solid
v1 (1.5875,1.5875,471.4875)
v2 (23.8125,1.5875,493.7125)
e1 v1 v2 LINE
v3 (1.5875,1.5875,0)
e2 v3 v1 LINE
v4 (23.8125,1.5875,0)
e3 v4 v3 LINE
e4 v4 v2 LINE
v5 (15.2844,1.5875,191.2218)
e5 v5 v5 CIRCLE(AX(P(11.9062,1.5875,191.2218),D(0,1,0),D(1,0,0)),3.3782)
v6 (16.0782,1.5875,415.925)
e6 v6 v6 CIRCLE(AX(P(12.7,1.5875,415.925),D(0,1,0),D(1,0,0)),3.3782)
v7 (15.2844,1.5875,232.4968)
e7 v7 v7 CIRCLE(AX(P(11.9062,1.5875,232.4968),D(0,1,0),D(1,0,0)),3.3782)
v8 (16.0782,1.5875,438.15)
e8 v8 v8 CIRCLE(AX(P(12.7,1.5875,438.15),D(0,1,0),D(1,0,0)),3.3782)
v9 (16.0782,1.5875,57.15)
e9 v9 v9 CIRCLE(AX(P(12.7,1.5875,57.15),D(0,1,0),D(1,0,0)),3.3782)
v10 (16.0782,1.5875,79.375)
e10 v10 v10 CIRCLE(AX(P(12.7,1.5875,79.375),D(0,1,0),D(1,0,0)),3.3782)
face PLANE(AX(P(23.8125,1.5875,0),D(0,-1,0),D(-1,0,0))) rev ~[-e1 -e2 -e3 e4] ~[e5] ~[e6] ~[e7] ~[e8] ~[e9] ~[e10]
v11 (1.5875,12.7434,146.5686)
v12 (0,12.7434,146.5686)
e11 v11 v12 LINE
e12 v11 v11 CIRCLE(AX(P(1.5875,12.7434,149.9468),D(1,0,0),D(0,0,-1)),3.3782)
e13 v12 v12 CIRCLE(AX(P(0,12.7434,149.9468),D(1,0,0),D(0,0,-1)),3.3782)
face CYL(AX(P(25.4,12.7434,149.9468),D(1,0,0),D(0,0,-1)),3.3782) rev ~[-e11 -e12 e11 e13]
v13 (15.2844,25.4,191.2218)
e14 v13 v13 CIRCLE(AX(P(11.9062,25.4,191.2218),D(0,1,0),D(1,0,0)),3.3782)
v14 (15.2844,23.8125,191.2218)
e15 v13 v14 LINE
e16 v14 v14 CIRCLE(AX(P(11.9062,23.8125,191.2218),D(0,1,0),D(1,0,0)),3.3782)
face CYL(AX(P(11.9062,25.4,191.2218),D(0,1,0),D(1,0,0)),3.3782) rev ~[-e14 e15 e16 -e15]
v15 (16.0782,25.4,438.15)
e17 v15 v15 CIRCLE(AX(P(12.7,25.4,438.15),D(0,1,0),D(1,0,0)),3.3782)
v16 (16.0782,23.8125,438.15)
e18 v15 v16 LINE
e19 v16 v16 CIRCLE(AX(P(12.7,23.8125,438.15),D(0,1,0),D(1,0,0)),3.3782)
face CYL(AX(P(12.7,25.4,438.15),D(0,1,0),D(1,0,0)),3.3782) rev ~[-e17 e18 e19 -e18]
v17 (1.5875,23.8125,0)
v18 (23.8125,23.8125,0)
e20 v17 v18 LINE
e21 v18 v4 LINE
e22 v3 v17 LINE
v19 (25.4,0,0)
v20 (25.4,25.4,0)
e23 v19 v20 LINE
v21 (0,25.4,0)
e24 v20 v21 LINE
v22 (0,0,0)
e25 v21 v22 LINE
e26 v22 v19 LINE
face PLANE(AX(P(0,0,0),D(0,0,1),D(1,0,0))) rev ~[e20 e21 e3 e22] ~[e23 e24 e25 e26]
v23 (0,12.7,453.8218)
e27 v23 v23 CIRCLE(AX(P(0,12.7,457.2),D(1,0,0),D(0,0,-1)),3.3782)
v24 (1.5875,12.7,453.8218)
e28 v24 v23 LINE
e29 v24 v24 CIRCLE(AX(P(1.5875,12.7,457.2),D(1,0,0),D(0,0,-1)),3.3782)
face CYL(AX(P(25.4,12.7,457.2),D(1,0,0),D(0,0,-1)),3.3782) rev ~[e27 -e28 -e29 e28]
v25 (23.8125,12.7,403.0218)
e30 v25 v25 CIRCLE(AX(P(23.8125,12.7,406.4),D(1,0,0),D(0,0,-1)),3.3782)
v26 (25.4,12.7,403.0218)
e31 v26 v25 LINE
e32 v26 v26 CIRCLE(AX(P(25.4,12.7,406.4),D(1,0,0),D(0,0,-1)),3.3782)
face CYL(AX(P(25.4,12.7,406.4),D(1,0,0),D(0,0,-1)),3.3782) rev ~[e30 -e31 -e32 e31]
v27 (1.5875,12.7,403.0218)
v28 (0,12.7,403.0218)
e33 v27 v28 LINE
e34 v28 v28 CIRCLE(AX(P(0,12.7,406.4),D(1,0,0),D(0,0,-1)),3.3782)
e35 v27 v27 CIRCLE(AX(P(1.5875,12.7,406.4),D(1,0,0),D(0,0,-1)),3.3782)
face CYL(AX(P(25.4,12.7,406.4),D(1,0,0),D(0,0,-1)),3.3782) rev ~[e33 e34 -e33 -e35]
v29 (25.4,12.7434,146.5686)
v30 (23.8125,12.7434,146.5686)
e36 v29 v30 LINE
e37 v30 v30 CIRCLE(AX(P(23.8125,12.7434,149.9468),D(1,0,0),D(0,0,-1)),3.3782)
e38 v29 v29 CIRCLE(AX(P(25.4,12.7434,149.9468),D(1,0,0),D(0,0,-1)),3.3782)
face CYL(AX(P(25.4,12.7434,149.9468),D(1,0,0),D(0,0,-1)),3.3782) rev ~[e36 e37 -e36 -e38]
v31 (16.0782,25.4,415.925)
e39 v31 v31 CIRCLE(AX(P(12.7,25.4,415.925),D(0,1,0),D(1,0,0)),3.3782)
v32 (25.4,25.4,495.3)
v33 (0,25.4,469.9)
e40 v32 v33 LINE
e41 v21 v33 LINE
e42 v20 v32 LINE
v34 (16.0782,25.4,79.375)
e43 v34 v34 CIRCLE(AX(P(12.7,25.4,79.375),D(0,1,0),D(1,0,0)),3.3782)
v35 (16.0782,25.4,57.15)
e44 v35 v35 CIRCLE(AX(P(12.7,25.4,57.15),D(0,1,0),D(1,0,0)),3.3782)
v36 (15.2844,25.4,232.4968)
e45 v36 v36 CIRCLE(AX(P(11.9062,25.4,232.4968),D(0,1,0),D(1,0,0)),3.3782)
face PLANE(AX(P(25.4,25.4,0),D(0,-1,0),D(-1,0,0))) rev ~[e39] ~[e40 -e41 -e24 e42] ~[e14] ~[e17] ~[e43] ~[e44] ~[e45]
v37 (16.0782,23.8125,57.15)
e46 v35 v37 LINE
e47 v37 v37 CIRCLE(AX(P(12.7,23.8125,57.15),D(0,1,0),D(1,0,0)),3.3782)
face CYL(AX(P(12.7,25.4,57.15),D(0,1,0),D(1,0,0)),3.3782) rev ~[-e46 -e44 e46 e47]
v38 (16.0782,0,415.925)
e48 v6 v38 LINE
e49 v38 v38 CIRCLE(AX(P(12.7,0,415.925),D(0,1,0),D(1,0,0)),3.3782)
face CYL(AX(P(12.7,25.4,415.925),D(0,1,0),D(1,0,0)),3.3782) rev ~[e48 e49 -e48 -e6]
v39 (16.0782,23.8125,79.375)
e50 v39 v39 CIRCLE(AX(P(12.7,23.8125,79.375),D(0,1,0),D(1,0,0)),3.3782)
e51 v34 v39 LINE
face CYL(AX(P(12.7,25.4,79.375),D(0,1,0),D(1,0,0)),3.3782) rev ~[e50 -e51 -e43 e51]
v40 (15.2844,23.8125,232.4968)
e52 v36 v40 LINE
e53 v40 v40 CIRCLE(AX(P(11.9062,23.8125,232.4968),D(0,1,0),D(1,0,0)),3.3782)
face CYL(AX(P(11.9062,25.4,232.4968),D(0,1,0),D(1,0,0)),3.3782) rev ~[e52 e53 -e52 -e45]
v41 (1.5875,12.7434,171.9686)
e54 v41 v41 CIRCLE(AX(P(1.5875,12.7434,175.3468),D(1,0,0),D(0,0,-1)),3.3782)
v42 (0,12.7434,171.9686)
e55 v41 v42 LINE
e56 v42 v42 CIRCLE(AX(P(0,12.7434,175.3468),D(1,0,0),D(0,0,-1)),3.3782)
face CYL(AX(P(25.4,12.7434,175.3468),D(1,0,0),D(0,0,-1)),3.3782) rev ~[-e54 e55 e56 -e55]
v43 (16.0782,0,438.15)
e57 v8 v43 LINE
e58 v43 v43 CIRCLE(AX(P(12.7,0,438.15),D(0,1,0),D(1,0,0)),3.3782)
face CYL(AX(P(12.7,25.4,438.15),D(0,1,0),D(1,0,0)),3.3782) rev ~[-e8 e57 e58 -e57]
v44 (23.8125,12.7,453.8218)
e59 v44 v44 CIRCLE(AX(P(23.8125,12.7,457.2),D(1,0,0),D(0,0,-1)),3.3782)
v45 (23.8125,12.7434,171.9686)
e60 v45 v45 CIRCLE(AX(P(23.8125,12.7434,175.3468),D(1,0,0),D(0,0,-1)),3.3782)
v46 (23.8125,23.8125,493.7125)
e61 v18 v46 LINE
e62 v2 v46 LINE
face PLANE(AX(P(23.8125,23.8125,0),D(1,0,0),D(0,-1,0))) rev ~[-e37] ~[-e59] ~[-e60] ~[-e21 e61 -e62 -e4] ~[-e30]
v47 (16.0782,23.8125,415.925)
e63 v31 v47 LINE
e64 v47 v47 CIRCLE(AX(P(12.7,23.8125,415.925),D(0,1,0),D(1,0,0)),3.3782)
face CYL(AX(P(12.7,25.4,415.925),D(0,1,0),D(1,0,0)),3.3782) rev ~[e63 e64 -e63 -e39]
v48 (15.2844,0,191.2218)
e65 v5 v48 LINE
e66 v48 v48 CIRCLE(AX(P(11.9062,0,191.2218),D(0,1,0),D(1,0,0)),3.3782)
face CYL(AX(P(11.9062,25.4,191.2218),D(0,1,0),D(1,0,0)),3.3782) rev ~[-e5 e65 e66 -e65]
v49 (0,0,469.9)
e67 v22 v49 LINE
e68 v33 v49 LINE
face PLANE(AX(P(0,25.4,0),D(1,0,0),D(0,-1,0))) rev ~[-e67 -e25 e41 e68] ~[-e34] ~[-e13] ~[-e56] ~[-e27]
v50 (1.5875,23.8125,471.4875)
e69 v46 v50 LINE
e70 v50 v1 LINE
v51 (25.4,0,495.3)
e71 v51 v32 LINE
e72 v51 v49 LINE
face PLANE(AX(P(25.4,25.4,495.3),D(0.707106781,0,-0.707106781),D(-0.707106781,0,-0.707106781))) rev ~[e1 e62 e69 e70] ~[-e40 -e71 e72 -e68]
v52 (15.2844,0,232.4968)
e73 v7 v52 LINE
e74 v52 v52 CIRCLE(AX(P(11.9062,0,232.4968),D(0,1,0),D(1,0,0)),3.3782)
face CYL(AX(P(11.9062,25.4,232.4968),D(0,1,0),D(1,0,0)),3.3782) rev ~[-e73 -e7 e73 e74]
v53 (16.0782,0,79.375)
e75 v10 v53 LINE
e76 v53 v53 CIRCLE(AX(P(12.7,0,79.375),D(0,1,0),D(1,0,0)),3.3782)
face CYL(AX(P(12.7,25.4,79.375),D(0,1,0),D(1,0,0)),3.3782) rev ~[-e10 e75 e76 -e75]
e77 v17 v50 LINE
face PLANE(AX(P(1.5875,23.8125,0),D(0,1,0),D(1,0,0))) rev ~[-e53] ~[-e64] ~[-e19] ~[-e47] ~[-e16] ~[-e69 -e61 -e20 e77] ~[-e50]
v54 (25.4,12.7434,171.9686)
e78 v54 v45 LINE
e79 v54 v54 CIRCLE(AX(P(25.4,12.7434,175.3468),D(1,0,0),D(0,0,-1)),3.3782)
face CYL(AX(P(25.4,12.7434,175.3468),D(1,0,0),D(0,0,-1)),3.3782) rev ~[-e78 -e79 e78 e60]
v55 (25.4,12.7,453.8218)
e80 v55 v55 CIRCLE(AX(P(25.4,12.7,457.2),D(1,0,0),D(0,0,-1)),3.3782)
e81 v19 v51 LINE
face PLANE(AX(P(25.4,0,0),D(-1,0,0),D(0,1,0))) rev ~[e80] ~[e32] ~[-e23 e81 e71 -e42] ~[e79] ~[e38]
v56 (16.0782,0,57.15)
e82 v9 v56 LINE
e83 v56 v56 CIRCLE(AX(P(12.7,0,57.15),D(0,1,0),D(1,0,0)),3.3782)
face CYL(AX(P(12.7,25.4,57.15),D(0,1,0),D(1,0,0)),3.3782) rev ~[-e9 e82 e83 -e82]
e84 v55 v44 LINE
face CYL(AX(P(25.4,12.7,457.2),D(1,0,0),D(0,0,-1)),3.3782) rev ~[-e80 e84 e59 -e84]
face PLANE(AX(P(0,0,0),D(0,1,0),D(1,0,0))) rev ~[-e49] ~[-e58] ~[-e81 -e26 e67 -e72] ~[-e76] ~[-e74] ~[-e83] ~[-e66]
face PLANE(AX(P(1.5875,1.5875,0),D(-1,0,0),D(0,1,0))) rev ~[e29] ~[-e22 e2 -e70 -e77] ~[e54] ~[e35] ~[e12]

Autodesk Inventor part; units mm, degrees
ref_plane "YZ Plane" through (0, 0, 0) normal (1, 0, 0) x (0, 1, 0)
ref_plane "XZ Plane" through (0, 0, 0) normal (0, 1, 0) x (-1, 0, 0)
ref_plane "XY Plane" through (0, 0, 0) normal (0, 0, 1) x (1, 0, 0)
sketch "Sketch1" plane through (0, 0, 0) normal (0, 0, 1) x (1, 0, 0)
  line L0 (0, 0) -> (25.4, 0)
  line L1 (25.4, 0) -> (25.4, 25.4)
  line L2 (25.4, 25.4) -> (0, 25.4)
  line L3 (0, 25.4) -> (0, 0)
  line L4 (1.5875, 23.8125) -> (23.8125, 23.8125)
  line L5 (23.8125, 23.8125) -> (23.8125, 1.5875)
  line L6 (23.8125, 1.5875) -> (1.5875, 1.5875)
  line L7 (1.5875, 1.5875) -> (1.5875, 23.8125)
  dimension "d0" = 25.4
  dimension "d1" = 25.4
  dimension "d2" = 1.5875
extrude "Extrusion1" add sketch "Sketch1" along normal blind 495.3
sketch "Sketch2" plane through (0, 25.4, 0) normal (0, 1, 0) x (1, 0, 0)
  line L0 (25.4, 0) -> (0, 0) projected
  line L1 (0, 0) -> (0, -495.3) projected
  line L2 (25.4, -495.3) -> (0, -495.3) projected
  line L3 (12.7, 0) -> (12.7, -495.3) construction
  line L4 (25.4, -495.3) -> (0, -469.9)
  circle A0 centre (12.7, -79.375) radius 3.3782 projected
  circle A1 centre (12.7, -57.15) radius 3.3782 projected
  circle A2 centre (12.7, -438.15) radius 3.3782 projected
  circle A3 centre (12.7, -415.925) radius 3.3782 projected
  circle A4 centre (11.9062, -191.2218) radius 3.3782 projected
  circle A5 centre (11.9062, -232.4968) radius 3.3782 projected
  line L5 (-2.6988, -143.5968) -> (-2.6988, -242.0218) construction
  line L6 (24.6062, -242.0218) -> (-2.6988, -242.0218) construction
  line L7 (24.6062, -143.5968) -> (24.6062, -242.0218) projected
  line L8 (-2.6988, -143.5968) -> (24.6062, -143.5968) construction
  dimension "d6" = 45
extrude "Extrusion2" cut sketch "Sketch2" against normal blind 25.4
sketch "Sketch3" plane through (25.4, 0, 0) normal (1, 0, 0) x (0, 0, -1)
  circle A0 centre (-149.9468, 12.7434) radius 3.3782 projected
  circle A1 centre (-175.3468, 12.7434) radius 3.3782 projected
  circle A2 centre (-406.4, 12.7) radius 3.3782 projected
  circle A3 centre (-457.2, 12.7) radius 3.3782 projected
extrude "Extrusion3" cut sketch "Sketch3" against normal blind 25.4
properties part number "Rebuild Shooter Tower Top Tube 1" material "Aluminum 6061"
